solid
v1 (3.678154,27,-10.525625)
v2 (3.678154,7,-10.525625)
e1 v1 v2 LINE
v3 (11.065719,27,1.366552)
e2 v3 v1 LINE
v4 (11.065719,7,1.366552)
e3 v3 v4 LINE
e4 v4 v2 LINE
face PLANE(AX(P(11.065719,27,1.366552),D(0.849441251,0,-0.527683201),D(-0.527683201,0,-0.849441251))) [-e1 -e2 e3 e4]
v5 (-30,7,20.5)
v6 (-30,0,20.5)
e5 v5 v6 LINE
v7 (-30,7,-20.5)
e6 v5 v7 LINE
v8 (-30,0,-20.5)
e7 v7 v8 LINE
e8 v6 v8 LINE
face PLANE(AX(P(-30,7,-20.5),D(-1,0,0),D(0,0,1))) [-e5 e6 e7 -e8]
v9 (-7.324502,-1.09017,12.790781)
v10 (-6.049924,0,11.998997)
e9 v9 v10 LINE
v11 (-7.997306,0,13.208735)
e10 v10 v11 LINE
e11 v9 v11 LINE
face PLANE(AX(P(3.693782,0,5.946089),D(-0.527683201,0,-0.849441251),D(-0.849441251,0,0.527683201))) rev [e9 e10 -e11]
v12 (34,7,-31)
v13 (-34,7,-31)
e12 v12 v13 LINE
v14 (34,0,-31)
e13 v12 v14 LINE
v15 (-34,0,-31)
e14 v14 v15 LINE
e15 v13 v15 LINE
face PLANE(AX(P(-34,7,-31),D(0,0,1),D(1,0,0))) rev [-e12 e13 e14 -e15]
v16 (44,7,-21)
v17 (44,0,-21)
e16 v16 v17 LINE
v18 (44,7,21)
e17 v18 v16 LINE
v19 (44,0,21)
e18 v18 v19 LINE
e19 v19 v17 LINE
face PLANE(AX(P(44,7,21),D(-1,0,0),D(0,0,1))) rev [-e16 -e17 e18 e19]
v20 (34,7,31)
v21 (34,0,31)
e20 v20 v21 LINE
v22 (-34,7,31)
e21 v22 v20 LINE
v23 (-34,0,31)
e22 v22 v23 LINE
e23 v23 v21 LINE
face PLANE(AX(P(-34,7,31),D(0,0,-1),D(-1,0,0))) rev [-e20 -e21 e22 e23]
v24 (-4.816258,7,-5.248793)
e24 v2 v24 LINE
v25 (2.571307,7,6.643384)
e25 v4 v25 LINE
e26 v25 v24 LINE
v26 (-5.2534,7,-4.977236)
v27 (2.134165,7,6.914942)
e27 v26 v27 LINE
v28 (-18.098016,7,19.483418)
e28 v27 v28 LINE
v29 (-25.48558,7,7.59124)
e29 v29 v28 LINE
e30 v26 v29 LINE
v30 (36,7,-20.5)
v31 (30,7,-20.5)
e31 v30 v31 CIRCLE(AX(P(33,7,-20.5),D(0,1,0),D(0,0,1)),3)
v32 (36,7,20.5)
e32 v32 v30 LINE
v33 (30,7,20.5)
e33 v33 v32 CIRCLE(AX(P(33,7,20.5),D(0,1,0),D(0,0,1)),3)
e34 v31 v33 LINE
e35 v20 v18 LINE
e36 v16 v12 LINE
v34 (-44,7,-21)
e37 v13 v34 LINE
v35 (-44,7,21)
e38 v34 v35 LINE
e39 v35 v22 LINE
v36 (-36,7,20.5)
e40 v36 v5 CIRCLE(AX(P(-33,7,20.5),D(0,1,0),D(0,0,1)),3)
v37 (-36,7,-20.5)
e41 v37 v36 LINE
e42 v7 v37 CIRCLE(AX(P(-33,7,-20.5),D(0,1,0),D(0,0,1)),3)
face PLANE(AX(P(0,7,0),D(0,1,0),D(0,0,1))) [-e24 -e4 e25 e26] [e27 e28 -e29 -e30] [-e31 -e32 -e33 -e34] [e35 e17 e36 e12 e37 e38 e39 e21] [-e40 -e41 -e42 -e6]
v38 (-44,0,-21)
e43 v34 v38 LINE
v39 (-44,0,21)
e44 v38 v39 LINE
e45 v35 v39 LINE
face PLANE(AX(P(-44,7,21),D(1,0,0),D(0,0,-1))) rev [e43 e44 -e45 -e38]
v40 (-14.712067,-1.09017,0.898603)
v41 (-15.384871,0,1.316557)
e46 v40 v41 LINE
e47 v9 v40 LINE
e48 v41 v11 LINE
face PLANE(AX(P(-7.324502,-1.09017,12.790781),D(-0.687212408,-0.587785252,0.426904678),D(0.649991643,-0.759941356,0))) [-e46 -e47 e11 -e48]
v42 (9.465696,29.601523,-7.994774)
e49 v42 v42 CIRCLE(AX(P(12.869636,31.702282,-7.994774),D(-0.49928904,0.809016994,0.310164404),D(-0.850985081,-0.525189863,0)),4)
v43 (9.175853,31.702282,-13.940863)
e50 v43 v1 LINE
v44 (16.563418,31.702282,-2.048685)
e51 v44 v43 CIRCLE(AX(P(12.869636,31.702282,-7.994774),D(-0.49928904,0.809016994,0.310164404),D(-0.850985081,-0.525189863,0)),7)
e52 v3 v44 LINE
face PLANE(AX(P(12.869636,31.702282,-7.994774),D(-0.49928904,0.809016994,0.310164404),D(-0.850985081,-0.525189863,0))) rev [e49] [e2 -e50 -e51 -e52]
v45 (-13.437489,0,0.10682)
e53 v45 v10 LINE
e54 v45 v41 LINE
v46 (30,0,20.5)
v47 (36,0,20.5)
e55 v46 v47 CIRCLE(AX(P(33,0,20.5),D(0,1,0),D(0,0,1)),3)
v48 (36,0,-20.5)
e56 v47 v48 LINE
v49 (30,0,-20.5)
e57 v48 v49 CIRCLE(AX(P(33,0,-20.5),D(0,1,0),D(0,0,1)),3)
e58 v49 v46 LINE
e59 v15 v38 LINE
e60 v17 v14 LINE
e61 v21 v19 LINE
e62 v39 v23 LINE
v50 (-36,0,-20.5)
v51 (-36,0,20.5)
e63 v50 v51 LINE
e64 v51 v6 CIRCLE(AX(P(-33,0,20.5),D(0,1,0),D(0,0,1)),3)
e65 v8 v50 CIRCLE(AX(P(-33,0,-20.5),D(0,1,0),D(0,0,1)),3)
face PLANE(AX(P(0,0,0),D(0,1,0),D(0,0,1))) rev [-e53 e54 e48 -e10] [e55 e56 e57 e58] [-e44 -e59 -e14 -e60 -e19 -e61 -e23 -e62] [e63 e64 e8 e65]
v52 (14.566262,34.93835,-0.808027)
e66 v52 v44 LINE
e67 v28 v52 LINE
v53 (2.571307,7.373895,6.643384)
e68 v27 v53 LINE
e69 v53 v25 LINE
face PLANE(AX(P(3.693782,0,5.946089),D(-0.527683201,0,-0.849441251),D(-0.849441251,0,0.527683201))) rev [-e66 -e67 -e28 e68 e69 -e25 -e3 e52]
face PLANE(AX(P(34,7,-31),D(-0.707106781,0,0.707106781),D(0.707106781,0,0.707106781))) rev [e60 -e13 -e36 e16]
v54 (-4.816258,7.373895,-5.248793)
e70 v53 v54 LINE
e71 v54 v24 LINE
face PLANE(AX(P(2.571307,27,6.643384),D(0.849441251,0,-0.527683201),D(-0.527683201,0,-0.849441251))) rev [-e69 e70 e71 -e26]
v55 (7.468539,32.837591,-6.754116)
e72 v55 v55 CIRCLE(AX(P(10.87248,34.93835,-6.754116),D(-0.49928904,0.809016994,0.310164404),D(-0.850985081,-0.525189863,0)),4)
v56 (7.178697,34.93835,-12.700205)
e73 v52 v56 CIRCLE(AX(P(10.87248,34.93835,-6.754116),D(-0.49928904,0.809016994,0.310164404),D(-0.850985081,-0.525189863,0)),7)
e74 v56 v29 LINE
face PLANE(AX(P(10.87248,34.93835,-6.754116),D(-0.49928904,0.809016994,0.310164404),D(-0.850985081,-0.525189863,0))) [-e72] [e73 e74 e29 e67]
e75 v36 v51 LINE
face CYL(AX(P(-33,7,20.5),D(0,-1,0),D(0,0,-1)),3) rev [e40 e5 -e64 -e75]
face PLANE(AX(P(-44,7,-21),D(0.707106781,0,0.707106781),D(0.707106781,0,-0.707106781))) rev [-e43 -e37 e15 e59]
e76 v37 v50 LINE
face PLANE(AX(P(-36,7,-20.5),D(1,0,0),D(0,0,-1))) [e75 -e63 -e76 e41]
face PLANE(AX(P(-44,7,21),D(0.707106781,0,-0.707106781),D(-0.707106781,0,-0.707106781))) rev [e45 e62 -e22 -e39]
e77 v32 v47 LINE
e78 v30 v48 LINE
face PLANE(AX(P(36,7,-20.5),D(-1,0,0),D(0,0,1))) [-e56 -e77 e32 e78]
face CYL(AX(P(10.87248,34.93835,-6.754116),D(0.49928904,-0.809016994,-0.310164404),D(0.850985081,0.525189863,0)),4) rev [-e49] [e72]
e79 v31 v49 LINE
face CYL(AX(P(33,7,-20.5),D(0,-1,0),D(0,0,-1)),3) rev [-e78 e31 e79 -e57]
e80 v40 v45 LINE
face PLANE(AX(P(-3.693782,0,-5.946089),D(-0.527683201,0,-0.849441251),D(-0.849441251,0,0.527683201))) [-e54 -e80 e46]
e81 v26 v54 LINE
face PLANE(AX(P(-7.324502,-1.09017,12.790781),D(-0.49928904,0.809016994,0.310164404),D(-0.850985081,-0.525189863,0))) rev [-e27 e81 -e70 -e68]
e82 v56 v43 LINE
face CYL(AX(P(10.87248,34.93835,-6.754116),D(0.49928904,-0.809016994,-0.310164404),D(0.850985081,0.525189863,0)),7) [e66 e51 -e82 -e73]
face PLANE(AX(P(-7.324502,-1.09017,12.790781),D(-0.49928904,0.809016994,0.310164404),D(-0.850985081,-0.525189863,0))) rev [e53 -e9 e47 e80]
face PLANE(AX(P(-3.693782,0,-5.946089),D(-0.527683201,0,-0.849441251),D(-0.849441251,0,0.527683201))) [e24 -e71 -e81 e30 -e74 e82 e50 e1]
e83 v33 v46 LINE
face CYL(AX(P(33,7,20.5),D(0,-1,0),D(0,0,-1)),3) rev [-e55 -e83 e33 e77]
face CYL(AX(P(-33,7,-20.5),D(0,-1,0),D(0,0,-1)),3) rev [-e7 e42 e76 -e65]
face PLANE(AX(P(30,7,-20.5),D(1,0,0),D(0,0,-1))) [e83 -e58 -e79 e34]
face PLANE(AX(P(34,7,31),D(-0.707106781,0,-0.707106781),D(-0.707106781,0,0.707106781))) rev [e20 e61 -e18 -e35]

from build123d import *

# Parameters (mm, degrees)
BOSS_EXTRUDE1_DEPTH = 7
EXTRUDE_THIN1_DEPTH = 7
SKETCH4_R           = 4
BOSS_EXTRUDE2_DEPTH = 4


with BuildPart() as part:
    # Sketch1 → Boss-Extrude1 (new body)
    with BuildSketch(Plane(origin=(0, 0, 0), x_dir=(1, 0, 0), z_dir=(0, 1, 0))):
        Polygon((34, 31), (44, 21), (44, -21), (34, -31), (-34, -31), (-44, -21), (-44, 21), (-34, 31), align=None)
        with BuildLine():
            Line((-30, 20.5), (-30, -20.5))
            ThreePointArc((-30, -20.5), (-33, -23.5), (-36, -20.5))
            Line((-36, -20.5), (-36, 20.5))
            ThreePointArc((-36, 20.5), (-33, 23.5), (-30, 20.5))
        make_face(mode=Mode.SUBTRACT)
        with BuildLine():
            Line((36, 20.5), (36, -20.5))
            ThreePointArc((36, -20.5), (33, -23.5), (30, -20.5))
            Line((30, -20.5), (30, 20.5))
            ThreePointArc((30, 20.5), (33, 23.5), (36, 20.5))
        make_face(mode=Mode.SUBTRACT)
    extrude(amount=BOSS_EXTRUDE1_DEPTH)

    # Sketch3 → Extrude-Thin1 (add, symmetric)
    with BuildSketch(Plane(origin=(0, 0, 0), x_dir=(0.849441251, 0, -0.527683201), z_dir=(0.527683201, 0, 0.849441251))):
        Polygon((-18.849066913, 7), (8.678571497, 27), (8.678571497, 7), (-1.321428503, 7), (-1.321428503, 7.373894945), (-12.97121439, -1.090169944), align=None)
    extrude(amount=EXTRUDE_THIN1_DEPTH, both=True)

    # Sketch4 → Boss-Extrude2 (add)
    with BuildSketch(Plane(origin=(-8.359258135, 13.544823437, 5.192872478), x_dir=(0.866435488, 0.466201263, 0.178734239), z_dir=(-0.49928904, 0.809016994, 0.310164404))):
        with BuildLine():
            Line((20.238219538, 24.365708041), (-17.853578159, -4.883475366))
            Line((-17.853578159, -4.883475366), (-9.327190536, -15.987560835))
            Line((-9.327190536, -15.987560835), (28.764607161, 13.261622572))
            ThreePointArc((28.764607161, 13.261622572), (30.053456084, 23.076859118), (20.238219538, 24.365708041))
        make_face()
        with Locations((24.501413349, 18.813665306)):
            Circle(SKETCH4_R, mode=Mode.SUBTRACT)
    extrude(amount=BOSS_EXTRUDE2_DEPTH)


solid = part.part
